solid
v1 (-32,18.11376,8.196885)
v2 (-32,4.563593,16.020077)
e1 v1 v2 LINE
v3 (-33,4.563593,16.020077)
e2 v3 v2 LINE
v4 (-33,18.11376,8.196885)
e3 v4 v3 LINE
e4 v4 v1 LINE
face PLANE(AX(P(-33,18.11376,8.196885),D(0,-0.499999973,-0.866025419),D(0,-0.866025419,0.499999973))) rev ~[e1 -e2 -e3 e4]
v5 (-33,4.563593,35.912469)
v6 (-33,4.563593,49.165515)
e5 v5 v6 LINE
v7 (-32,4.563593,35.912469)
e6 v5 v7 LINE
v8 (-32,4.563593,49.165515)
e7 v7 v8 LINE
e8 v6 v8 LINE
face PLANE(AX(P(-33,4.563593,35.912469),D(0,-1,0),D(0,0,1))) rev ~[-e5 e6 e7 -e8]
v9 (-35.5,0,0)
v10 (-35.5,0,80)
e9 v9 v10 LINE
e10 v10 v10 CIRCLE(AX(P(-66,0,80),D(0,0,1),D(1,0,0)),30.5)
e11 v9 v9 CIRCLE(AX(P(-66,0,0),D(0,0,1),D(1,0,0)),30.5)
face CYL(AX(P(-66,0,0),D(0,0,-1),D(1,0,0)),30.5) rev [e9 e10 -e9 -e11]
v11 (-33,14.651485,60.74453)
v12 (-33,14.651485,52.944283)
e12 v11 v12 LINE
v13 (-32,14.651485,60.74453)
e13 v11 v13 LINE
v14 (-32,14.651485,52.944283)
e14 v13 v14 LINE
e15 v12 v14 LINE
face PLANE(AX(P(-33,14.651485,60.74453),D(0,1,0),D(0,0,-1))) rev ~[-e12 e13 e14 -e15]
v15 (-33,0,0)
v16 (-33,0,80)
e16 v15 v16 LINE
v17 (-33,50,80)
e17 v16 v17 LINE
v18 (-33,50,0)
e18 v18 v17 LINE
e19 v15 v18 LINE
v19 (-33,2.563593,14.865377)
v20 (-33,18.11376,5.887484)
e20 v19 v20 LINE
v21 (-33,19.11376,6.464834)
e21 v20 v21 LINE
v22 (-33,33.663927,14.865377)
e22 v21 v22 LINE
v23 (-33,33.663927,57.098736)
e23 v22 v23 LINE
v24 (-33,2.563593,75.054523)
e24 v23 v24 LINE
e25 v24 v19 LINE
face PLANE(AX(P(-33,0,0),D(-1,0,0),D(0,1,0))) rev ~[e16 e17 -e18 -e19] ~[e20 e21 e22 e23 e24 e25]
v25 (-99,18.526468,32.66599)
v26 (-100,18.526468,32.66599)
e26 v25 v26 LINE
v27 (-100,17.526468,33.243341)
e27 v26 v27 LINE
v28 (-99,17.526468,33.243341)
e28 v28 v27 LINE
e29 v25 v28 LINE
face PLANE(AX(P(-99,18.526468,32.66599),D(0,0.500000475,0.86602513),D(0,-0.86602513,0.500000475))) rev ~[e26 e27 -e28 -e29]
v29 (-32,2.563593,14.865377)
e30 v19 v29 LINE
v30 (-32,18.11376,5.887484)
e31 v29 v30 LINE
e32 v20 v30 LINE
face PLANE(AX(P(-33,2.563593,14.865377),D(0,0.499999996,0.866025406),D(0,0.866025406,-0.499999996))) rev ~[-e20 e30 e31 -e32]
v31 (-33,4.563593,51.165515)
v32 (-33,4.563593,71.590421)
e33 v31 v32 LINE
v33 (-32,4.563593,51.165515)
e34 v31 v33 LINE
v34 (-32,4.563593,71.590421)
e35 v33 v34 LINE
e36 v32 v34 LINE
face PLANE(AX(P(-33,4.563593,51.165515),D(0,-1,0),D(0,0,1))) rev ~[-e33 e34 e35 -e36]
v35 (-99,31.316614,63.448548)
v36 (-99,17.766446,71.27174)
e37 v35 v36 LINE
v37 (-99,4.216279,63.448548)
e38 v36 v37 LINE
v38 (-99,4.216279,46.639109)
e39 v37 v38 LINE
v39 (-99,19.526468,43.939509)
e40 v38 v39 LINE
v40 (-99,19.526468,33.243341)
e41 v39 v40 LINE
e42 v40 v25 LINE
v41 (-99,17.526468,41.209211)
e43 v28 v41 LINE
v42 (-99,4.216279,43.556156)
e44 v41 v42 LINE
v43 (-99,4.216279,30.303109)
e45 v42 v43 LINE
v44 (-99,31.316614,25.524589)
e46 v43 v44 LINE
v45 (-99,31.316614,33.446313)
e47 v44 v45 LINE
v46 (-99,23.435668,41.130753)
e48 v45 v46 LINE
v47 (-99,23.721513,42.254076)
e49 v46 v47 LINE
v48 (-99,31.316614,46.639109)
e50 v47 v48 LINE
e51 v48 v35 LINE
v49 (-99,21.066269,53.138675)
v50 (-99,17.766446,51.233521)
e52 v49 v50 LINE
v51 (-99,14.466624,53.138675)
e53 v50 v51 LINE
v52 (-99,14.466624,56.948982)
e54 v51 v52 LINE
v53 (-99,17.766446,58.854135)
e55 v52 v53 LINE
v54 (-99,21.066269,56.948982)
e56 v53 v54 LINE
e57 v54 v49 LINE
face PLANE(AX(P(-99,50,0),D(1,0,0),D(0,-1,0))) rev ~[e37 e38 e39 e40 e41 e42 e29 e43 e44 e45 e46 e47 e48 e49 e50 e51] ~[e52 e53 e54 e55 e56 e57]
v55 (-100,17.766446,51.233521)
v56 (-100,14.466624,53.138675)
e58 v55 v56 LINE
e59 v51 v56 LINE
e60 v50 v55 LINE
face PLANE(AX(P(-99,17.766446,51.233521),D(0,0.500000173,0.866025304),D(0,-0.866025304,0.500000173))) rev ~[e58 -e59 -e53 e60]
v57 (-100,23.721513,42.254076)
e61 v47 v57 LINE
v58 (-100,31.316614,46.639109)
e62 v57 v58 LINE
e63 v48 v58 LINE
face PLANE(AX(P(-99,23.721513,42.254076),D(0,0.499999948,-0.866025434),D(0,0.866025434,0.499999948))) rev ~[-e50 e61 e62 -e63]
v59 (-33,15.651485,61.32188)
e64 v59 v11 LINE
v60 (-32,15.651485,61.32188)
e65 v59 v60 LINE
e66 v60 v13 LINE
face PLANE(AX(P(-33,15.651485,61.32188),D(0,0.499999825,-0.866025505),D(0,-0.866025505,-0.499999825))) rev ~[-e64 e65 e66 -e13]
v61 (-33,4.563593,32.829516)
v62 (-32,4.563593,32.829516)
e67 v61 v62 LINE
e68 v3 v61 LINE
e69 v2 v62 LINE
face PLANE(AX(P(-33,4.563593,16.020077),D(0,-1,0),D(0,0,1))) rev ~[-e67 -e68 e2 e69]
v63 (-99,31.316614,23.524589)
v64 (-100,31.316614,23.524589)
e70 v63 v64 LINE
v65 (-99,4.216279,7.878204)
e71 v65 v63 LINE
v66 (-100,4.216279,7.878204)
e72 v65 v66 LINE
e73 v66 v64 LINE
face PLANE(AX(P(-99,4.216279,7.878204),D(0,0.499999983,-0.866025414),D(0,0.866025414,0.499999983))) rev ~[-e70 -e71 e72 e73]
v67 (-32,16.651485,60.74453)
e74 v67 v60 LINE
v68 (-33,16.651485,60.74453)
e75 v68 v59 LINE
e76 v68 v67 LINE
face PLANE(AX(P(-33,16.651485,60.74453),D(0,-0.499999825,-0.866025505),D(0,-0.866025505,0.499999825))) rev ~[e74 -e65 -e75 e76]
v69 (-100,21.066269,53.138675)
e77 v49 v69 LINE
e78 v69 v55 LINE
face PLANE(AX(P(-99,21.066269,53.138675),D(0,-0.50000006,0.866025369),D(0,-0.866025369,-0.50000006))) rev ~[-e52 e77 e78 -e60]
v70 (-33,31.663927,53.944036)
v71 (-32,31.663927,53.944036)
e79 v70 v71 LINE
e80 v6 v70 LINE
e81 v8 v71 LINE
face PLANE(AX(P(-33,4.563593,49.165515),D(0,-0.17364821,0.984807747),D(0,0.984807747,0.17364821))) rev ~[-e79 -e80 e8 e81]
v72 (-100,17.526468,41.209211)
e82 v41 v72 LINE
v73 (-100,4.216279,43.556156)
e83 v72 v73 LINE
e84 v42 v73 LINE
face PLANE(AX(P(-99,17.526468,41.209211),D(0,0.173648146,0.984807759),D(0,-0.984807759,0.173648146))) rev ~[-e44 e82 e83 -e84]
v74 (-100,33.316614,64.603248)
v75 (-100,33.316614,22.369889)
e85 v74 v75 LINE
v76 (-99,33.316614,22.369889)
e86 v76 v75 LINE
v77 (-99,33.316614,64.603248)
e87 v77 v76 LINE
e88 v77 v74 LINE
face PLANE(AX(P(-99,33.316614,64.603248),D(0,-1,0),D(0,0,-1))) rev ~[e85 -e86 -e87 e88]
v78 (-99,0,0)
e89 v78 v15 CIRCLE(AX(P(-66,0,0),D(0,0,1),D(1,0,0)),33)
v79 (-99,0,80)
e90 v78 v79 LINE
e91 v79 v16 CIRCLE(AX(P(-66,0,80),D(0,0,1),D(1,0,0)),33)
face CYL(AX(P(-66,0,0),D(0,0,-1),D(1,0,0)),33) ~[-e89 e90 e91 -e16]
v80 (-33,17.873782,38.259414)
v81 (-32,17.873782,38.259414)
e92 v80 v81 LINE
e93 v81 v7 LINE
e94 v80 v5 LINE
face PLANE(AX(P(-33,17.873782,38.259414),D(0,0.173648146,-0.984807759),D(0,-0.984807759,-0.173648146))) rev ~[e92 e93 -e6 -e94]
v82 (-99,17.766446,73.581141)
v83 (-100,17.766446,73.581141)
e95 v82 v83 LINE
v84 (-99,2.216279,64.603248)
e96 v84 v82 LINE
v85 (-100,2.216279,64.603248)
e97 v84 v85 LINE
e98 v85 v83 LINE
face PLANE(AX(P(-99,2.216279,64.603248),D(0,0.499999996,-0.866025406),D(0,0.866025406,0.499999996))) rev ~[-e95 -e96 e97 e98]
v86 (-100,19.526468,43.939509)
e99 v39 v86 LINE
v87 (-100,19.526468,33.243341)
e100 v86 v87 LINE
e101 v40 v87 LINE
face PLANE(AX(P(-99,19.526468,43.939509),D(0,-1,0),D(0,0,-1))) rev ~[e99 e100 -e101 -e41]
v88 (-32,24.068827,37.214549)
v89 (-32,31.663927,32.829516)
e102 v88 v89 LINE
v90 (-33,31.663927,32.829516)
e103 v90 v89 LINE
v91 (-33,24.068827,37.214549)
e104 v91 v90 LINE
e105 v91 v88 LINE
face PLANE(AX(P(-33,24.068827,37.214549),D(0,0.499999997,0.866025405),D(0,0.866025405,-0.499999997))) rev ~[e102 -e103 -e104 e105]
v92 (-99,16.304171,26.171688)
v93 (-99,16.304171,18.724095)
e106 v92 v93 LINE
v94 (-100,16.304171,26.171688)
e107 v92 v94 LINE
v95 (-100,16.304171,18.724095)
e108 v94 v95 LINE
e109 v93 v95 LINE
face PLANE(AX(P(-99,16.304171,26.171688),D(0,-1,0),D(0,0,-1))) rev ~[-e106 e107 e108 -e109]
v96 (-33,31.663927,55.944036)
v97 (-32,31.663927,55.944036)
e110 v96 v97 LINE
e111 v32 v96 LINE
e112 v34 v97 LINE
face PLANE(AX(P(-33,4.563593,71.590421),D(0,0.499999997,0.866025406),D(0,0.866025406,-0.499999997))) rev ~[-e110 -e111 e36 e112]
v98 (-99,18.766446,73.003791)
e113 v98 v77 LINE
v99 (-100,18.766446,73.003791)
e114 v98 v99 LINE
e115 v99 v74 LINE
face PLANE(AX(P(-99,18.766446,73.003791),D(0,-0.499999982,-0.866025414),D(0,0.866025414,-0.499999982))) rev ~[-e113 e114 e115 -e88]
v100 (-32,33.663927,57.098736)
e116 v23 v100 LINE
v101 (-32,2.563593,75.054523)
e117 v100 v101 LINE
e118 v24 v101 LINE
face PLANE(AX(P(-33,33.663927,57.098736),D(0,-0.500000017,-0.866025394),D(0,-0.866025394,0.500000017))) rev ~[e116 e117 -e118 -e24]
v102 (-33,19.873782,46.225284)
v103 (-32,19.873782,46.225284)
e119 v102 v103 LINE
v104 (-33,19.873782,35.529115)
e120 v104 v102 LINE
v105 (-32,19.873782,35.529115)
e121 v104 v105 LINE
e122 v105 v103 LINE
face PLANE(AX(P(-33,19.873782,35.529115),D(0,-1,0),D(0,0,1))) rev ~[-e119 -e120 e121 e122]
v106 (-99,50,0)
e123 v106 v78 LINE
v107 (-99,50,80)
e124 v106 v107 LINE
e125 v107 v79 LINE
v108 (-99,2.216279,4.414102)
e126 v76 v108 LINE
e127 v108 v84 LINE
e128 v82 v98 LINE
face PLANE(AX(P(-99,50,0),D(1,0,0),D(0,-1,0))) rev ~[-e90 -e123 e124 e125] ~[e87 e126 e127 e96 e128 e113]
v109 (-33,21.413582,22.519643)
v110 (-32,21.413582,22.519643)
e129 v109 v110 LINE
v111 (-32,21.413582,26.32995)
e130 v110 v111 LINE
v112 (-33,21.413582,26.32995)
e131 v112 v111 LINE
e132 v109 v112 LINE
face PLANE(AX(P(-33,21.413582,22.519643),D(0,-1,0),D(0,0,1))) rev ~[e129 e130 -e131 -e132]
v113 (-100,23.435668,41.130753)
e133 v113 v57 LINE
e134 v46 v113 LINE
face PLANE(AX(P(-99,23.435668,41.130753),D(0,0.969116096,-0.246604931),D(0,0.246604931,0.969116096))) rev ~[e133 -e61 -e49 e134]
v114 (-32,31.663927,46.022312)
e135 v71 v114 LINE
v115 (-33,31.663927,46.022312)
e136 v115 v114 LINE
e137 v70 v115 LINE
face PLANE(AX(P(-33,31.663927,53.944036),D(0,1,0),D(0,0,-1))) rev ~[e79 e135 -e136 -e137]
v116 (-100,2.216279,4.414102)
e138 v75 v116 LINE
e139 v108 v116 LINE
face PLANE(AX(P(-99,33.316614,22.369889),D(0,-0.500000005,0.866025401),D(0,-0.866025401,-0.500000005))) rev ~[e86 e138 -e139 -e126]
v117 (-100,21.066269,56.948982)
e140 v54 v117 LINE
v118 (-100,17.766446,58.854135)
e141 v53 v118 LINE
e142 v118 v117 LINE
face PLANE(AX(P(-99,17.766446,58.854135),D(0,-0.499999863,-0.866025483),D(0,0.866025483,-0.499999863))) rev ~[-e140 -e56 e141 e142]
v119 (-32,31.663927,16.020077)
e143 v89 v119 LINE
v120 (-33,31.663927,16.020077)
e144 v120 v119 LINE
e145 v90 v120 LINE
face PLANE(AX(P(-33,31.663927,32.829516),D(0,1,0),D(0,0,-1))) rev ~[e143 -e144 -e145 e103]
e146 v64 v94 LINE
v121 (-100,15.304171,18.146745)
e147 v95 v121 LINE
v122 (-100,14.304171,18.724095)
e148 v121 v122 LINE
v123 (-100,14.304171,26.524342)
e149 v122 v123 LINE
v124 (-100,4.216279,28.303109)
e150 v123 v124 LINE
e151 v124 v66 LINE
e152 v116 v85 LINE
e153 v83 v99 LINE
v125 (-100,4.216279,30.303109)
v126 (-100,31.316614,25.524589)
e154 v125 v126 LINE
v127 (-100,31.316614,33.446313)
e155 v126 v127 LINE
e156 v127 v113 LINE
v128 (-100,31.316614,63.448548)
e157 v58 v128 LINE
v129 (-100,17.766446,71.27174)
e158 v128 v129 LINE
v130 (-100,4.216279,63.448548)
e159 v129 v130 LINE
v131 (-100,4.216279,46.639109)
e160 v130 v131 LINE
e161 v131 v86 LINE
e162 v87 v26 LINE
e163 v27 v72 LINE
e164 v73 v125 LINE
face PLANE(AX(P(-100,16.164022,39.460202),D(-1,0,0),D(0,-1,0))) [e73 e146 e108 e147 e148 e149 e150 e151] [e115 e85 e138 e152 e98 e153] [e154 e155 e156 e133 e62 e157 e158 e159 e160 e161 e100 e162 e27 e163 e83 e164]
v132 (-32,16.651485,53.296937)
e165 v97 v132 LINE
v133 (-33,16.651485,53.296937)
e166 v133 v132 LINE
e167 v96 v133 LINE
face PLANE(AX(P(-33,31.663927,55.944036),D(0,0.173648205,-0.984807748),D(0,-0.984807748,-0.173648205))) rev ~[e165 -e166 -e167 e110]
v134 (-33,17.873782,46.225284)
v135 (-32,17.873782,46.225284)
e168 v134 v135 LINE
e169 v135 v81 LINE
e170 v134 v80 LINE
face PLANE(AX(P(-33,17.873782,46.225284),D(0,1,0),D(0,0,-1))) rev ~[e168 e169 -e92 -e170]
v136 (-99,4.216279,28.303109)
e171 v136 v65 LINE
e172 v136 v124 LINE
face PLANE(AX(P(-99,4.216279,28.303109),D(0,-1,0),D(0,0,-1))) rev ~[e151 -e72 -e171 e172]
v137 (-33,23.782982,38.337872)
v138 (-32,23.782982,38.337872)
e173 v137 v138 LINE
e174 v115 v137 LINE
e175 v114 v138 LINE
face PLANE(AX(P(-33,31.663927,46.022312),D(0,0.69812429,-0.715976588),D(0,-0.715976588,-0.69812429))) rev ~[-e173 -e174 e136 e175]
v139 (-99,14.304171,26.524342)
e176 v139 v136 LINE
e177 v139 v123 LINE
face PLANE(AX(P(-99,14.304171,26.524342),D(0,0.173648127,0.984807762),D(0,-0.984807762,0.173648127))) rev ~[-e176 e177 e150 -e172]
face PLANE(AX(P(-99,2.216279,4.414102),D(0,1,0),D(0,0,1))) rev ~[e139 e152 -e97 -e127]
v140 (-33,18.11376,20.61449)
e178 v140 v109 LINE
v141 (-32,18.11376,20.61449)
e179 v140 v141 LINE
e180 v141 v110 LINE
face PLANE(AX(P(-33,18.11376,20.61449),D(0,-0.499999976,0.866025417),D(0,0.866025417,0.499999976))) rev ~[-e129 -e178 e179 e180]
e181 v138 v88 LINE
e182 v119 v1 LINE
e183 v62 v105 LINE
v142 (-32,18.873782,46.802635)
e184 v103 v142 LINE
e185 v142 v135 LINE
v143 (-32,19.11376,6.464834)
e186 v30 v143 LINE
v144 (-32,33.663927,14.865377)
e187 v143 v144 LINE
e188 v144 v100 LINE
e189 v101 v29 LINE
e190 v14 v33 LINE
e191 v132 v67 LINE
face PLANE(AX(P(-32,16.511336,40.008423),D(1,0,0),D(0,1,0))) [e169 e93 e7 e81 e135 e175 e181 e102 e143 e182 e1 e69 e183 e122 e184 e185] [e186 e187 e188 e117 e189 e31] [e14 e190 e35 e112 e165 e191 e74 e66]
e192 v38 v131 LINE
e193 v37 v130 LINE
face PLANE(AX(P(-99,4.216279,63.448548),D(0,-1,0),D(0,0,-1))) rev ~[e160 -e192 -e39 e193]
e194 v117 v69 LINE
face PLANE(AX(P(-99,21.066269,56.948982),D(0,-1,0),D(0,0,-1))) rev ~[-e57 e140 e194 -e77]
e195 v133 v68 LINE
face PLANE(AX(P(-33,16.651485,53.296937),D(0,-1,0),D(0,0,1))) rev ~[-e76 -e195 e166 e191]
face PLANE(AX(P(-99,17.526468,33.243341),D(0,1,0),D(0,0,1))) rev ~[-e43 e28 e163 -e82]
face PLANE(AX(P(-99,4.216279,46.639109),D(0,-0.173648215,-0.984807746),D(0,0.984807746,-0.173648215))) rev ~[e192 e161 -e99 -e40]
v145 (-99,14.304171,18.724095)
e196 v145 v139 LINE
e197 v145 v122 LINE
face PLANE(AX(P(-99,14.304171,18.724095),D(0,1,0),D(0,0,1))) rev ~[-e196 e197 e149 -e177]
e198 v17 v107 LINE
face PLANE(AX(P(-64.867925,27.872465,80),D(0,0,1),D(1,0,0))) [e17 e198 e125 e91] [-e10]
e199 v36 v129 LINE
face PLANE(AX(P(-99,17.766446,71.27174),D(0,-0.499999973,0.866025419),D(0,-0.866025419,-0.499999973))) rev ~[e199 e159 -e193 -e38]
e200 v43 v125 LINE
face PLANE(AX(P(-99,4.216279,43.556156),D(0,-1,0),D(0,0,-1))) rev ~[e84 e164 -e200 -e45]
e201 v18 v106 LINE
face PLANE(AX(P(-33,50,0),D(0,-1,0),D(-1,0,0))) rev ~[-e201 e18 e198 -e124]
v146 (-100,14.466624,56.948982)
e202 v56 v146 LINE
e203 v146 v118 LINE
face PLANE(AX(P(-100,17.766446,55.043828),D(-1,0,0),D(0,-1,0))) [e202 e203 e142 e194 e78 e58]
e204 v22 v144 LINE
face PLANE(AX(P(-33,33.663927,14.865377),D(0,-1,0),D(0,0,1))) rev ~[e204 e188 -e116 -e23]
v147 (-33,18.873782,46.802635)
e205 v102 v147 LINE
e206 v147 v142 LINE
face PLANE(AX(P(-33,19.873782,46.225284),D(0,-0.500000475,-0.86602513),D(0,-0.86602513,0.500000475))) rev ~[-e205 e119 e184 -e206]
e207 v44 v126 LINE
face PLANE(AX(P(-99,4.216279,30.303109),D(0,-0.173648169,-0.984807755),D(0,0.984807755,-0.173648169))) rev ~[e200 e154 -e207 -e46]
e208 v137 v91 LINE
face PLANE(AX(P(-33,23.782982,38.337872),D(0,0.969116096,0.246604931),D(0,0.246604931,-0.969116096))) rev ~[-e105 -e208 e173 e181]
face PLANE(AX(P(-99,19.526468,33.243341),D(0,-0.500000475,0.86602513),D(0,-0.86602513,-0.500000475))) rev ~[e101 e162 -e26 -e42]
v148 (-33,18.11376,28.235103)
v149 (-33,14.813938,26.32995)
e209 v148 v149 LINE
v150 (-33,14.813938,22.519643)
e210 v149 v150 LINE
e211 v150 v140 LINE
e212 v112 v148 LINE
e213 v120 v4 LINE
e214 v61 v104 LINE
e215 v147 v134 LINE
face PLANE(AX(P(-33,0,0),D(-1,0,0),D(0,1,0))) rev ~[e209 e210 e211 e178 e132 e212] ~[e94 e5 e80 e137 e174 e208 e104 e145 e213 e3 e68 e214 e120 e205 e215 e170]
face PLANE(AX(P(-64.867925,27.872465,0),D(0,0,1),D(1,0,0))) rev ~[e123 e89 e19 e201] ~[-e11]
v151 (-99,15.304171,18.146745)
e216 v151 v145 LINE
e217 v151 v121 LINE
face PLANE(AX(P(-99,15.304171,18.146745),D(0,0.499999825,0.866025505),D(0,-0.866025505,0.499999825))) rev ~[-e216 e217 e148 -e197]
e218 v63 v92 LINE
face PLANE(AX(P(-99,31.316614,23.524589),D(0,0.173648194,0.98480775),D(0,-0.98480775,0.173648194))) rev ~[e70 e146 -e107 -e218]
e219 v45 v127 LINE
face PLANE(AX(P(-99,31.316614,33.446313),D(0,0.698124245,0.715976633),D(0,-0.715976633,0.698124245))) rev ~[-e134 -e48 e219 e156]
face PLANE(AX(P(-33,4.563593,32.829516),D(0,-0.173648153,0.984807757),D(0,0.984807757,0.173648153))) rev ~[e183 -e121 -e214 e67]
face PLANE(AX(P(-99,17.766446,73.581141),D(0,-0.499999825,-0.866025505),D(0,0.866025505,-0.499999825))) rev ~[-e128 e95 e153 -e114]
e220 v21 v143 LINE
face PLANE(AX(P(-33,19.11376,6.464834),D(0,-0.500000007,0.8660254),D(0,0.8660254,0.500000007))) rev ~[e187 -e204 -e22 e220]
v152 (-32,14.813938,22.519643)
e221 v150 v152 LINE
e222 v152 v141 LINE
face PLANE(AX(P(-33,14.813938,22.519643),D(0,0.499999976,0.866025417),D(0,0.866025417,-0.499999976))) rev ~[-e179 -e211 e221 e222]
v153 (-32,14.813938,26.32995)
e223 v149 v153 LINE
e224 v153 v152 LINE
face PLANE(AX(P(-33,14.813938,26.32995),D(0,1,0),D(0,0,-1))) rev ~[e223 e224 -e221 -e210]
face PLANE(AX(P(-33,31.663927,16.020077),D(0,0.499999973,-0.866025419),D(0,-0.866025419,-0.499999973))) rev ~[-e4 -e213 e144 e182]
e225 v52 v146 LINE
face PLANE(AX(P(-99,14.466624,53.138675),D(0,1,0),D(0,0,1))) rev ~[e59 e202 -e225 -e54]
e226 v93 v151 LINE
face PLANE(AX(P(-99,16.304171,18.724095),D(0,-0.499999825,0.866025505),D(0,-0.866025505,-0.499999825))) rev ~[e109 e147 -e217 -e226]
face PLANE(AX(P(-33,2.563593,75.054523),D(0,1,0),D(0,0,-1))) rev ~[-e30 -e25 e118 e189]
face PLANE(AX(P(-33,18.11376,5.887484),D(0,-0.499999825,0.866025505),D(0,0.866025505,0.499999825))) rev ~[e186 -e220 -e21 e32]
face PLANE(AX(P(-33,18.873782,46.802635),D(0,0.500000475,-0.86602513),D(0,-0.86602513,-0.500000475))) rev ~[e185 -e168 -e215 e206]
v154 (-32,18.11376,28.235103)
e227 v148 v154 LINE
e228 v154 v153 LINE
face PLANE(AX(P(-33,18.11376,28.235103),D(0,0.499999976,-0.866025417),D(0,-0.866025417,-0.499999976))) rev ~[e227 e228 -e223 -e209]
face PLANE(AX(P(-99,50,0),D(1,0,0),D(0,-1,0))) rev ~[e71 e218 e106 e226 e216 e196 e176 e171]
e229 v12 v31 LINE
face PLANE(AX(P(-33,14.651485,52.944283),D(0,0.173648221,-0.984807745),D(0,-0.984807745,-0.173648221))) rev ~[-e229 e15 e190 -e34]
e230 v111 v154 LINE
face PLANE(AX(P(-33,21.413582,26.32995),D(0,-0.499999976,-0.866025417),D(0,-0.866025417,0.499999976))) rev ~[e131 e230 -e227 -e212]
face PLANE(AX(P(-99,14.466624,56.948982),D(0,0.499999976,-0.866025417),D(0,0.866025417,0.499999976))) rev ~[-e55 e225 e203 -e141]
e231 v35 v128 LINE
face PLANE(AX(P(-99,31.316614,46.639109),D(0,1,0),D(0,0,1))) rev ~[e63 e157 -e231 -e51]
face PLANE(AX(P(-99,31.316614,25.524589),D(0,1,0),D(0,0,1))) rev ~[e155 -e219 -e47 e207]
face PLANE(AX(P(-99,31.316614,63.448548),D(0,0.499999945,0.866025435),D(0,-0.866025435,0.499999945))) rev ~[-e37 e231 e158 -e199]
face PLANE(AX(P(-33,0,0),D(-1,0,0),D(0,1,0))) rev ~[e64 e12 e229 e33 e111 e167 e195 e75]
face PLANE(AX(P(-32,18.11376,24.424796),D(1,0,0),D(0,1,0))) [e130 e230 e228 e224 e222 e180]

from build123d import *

# Parameters (mm, degrees)
F5_R     = 30.5
F5_W     = 20
F5_H     = 15
F0_DEPTH = 80
F2_DEPTH = 1
F4_DEPTH = 1


with BuildPart() as f0:
    # F5 (on Top) → F0 (new body)
    with BuildSketch(Plane.XY):
        with BuildLine():
            ThreePointArc((-99, 0), (-66, 33), (-33, 0))
            Line((-33, 0), (-33, 50))
            Line((-33, 50), (-79, 50))
            Line((-79, 50), (-79, 35))
            Line((-79, 35), (-99, 35))
            Line((-99, 35), (-99, 0))
        make_face()
        with BuildLine():
            ThreePointArc((-99, 0), (-66, -33), (-33, 0))
            ThreePointArc((-33, 0), (-66, 33), (-99, 0))
        make_face()
        with Locations((-66, 0)):
            Circle(F5_R, mode=Mode.SUBTRACT)
        with Locations((-89, 42.5)):
            Rectangle(F5_W, F5_H)
    extrude(amount=F0_DEPTH)

    # F1 (on face) → F2 (join)
    with BuildSketch(Plane.YZ.offset(-33)):
        Polygon((33.663927, 32.829516), (33.663927, 57.098736), (2.563593, 75.054523), (2.563593, 51.653499), (2.563593, 14.865377), (18.11376, 5.887484), (19.11376, 6.464834), (33.663927, 14.865377), (33.663927, 15.595676), align=None)
        Polygon((4.563593, 51.165515), (4.563593, 71.590421), (31.663927, 55.944036), (31.663927, 53.944036), (31.663927, 46.022312), (31.663927, 43.27108), (31.663927, 32.829516), (31.663927, 16.020077), (18.11376, 8.196885), (4.563593, 16.020077), (4.563593, 32.829516), (4.563593, 35.912469), (4.563593, 36.259414), (4.563593, 38.259414), (4.563593, 49.165515), align=None, mode=Mode.SUBTRACT)
        Polygon((14.651485, 52.944283), (4.563593, 51.165515), (4.563593, 49.165515), (31.663927, 53.944036), (31.663927, 55.944036), (16.651485, 53.296937), align=None)
        Polygon((14.651485, 60.74453), (14.651485, 52.944283), (16.651485, 53.296937), (16.651485, 60.74453), (15.651485, 61.32188), align=None)
        Polygon((17.873782, 38.259414), (4.563593, 35.912469), (4.563593, 32.829516), (19.873782, 35.529115), (19.873782, 46.225284), (18.873782, 46.802635), (17.873782, 46.225284), align=None)
        Polygon((31.663927, 43.27108), (31.663927, 46.022312), (23.782982, 38.337872), (24.068827, 37.214549), (25.17923, 36.905919), align=None)
        Polygon((31.663927, 32.829516), (31.663927, 43.27108), (25.17923, 36.905919), (24.068827, 37.214549), align=None)
        Polygon((21.413582, 22.519643), (21.413582, 26.32995), (18.11376, 28.235103), (14.813938, 26.32995), (14.813938, 22.519643), (18.11376, 20.61449), align=None)
    extrude(amount=F2_DEPTH)

    # F3 (on face) → F4 (join)
    with BuildSketch(Plane(origin=(-99, 0, 0), x_dir=(0, -1, 0), z_dir=(-1, 0, 0))):
        Polygon((-33.316614, 46.639109), (-33.316614, 22.369889), (-2.216279, 4.414102), (-2.216279, 27.815126), (-2.216279, 64.603248), (-17.766446, 73.581141), (-18.766446, 73.003791), (-33.316614, 64.603248), (-33.316614, 63.872949), align=None)
        Polygon((-4.216279, 28.303109), (-4.216279, 7.878204), (-31.316614, 23.524589), (-31.316614, 25.524589), (-31.316614, 33.446313), (-31.316614, 36.197545), (-31.316614, 46.639109), (-31.316614, 63.448548), (-17.766446, 71.27174), (-4.216279, 63.448548), (-4.216279, 46.639109), (-4.216279, 43.556156), (-4.216279, 43.209211), (-4.216279, 41.209211), (-4.216279, 30.303109), align=None, mode=Mode.SUBTRACT)
        Polygon((-17.526468, 41.209211), (-4.216279, 43.556156), (-4.216279, 46.639109), (-19.526468, 43.939509), (-19.526468, 33.243341), (-18.526468, 32.66599), (-17.526468, 33.243341), align=None)
        Polygon((-31.316614, 36.197545), (-31.316614, 33.446313), (-23.435668, 41.130753), (-23.721513, 42.254076), (-24.831917, 42.562706), align=None)
        Polygon((-31.316614, 46.639109), (-31.316614, 36.197545), (-24.831917, 42.562706), (-23.721513, 42.254076), align=None)
        Polygon((-21.066269, 56.948982), (-21.066269, 53.138675), (-17.766446, 51.233521), (-14.466624, 53.138675), (-14.466624, 56.948982), (-17.766446, 58.854135), align=None)
        Polygon((-14.304171, 26.524342), (-4.216279, 28.303109), (-4.216279, 30.303109), (-31.316614, 25.524589), (-31.316614, 23.524589), (-16.304171, 26.171688), align=None)
        Polygon((-14.304171, 18.724095), (-14.304171, 26.524342), (-16.304171, 26.171688), (-16.304171, 18.724095), (-15.304171, 18.146745), align=None)
    extrude(amount=F4_DEPTH)


solid = f0.part
